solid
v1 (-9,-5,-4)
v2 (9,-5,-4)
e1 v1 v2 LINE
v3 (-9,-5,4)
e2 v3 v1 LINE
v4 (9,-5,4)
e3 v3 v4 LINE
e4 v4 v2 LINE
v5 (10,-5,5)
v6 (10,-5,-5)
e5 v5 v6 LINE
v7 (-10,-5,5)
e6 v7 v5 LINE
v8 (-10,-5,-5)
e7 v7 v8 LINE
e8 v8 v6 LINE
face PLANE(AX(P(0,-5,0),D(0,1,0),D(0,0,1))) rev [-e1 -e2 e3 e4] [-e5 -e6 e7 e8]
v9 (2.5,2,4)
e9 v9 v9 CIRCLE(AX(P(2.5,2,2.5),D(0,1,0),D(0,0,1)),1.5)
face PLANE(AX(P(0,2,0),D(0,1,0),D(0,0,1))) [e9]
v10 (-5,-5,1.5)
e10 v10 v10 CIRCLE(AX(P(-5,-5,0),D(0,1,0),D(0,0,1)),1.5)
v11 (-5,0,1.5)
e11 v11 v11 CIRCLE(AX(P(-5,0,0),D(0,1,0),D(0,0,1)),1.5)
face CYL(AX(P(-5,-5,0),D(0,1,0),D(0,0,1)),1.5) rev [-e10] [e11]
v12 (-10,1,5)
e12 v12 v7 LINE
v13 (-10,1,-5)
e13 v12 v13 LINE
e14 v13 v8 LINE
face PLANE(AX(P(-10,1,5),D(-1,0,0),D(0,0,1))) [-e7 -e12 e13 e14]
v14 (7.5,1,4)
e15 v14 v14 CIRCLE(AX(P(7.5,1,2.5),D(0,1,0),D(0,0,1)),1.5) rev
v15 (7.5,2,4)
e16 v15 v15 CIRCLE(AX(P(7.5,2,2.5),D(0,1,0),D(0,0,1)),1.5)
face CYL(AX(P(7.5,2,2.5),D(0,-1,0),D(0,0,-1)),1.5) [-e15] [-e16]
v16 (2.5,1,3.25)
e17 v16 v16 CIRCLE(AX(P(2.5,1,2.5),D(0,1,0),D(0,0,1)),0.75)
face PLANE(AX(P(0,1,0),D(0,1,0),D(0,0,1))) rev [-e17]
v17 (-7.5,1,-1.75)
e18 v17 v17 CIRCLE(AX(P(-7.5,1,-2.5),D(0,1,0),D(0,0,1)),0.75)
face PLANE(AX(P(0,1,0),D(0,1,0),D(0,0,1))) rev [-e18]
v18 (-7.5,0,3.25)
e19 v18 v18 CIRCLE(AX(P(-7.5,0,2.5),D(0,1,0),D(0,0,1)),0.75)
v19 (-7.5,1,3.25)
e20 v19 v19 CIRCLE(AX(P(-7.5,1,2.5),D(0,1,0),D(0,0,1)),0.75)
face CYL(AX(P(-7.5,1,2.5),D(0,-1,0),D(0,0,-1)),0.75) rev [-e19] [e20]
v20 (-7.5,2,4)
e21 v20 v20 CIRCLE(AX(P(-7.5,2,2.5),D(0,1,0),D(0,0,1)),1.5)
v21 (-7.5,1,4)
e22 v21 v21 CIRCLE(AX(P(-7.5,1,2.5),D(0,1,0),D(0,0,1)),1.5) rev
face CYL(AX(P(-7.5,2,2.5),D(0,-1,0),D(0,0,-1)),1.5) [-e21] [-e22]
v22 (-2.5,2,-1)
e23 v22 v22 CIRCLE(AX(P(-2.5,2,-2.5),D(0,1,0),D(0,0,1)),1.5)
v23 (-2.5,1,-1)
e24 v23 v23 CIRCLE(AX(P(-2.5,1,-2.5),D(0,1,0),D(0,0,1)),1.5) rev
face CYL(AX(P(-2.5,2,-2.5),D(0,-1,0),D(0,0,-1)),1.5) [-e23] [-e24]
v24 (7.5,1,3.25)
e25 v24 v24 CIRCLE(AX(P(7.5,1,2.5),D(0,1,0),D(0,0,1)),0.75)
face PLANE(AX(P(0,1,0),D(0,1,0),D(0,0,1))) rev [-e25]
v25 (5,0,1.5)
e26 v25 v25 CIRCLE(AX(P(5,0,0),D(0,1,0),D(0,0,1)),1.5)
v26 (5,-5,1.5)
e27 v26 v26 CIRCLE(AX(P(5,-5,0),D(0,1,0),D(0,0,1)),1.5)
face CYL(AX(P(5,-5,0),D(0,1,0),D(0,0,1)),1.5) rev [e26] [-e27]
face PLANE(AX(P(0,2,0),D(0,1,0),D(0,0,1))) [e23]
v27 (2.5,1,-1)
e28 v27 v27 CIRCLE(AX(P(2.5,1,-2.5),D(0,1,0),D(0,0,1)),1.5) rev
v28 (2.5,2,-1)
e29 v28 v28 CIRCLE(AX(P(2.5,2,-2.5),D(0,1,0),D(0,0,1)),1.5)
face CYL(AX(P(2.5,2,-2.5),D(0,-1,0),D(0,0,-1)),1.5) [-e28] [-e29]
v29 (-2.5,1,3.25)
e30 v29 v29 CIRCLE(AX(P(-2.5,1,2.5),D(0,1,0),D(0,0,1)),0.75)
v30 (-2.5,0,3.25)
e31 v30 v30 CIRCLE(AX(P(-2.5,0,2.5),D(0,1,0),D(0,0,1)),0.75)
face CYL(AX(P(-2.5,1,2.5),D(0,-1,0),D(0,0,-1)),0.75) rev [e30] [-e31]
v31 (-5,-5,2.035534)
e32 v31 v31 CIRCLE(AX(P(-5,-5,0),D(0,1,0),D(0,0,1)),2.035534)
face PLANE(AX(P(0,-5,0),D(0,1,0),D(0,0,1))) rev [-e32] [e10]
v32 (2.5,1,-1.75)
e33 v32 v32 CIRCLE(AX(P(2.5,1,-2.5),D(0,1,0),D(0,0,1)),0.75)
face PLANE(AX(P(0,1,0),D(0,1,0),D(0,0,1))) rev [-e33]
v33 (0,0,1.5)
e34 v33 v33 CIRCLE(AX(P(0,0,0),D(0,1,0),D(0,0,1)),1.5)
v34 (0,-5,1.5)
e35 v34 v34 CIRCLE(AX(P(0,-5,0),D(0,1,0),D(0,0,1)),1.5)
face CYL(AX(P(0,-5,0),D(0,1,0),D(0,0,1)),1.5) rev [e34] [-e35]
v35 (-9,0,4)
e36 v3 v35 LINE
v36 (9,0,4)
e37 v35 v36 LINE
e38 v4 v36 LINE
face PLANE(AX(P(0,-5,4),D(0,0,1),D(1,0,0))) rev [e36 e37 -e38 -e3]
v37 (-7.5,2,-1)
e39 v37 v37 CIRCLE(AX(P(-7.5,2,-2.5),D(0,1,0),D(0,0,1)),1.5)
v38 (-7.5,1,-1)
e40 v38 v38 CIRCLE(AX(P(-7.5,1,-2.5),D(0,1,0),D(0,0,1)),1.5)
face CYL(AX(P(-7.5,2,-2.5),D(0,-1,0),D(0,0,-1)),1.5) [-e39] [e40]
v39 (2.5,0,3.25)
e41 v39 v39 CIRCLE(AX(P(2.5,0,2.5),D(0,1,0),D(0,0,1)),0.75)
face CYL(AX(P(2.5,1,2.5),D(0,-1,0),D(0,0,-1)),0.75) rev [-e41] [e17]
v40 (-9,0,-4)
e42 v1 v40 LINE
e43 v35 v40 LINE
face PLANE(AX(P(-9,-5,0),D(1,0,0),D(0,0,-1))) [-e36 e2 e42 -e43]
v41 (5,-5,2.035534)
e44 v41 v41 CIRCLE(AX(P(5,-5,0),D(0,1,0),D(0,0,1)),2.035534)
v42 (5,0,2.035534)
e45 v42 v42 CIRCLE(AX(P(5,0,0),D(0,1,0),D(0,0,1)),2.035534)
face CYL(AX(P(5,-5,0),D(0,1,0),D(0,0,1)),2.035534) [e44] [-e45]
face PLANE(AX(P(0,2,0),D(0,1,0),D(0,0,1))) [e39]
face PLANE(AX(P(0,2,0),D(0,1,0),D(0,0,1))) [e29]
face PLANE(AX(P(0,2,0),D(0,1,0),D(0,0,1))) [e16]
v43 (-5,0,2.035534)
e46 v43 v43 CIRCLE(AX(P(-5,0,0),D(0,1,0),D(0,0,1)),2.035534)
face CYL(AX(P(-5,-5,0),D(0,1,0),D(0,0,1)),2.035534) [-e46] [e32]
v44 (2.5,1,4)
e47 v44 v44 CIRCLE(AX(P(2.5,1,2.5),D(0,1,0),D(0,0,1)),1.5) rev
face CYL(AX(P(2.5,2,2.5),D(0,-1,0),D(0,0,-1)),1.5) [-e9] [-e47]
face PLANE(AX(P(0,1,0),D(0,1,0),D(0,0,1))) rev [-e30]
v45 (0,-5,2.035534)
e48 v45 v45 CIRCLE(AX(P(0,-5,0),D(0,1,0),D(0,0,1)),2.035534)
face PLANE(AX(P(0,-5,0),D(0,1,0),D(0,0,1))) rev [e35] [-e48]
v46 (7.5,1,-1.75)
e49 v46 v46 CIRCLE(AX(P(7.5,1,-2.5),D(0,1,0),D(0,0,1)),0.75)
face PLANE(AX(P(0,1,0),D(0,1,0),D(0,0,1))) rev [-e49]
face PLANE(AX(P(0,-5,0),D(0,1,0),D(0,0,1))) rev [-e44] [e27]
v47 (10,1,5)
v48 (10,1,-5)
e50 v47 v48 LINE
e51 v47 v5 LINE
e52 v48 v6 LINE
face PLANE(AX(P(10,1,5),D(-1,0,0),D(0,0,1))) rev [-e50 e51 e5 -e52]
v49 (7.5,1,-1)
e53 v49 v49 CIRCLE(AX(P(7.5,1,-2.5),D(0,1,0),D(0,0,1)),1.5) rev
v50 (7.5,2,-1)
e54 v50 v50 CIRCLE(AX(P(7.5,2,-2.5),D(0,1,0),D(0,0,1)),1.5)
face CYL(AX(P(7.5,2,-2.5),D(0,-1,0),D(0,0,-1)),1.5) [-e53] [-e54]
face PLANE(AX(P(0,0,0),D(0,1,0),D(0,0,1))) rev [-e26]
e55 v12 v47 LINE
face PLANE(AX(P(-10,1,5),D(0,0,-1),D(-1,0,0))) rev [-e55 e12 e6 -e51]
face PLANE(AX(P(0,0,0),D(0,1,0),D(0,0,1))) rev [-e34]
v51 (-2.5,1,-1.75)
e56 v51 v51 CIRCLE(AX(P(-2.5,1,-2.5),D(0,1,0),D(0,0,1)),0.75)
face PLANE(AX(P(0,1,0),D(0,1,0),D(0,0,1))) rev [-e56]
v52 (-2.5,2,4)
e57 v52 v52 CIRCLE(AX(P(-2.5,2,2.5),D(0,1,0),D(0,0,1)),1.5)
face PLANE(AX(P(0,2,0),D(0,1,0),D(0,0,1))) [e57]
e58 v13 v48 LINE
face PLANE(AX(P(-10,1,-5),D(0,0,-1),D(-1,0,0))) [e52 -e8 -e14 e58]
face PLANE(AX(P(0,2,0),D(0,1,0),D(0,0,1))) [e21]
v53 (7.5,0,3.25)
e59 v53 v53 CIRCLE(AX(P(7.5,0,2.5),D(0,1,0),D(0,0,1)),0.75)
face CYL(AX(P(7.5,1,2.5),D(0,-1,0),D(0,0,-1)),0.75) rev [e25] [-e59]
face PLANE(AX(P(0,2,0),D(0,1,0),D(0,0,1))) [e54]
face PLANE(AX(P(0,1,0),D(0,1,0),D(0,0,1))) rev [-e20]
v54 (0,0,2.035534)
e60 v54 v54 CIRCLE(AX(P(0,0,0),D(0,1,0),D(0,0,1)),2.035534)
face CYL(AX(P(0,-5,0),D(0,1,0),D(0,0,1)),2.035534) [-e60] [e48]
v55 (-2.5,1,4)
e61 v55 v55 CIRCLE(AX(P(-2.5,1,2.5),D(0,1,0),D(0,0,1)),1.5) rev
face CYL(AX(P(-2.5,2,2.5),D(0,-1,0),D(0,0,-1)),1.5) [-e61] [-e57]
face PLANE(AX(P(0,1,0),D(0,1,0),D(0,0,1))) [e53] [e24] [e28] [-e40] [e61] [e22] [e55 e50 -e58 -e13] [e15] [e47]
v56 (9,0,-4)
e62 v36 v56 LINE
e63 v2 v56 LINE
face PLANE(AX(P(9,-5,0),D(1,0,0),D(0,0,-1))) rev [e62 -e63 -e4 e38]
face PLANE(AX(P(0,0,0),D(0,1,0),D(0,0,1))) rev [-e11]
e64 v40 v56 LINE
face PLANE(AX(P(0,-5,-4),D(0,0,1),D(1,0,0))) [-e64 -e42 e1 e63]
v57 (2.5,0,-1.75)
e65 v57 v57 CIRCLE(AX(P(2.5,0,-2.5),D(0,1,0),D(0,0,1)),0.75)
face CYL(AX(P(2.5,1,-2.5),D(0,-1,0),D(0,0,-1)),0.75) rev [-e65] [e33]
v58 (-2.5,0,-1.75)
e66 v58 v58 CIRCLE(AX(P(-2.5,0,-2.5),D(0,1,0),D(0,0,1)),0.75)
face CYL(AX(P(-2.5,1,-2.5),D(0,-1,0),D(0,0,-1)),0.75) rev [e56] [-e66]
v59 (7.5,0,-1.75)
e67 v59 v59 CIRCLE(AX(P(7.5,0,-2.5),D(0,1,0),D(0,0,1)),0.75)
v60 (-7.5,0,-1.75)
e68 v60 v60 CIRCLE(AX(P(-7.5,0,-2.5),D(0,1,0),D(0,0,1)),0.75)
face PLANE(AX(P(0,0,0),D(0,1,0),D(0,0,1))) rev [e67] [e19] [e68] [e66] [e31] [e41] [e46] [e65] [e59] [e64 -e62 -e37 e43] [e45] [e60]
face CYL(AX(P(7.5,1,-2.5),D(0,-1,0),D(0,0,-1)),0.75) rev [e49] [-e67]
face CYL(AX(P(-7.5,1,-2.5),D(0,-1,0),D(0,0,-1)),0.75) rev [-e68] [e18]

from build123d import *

# Parameters (mm, degrees)
SKETCH1_R             = 1.5
BOSS_EXTRUDE1_DEPTH   = 2
BOSS_EXTRUDE1_2_DEPTH = 2
BOSS_EXTRUDE1_3_DEPTH = 2
BOSS_EXTRUDE1_4_DEPTH = 2
BOSS_EXTRUDE1_5_DEPTH = 2
BOSS_EXTRUDE1_6_DEPTH = 2
BOSS_EXTRUDE1_7_DEPTH = 2
BOSS_EXTRUDE1_8_DEPTH = 2
SKETCH1_3_W           = 20
SKETCH1_3_H           = 10
BOSS_EXTRUDE2_DEPTH   = 1
SKETCH1_4_R           = 0.75
CUT_EXTRUDE1_DEPTH    = 1
SKETCH1_5_W           = 20
SKETCH1_5_H           = 10
SKETCH1_5_W_2         = 18
SKETCH1_5_H_2         = 8
SKETCH1_5_R           = 2.035533906
SKETCH1_5_R_2         = 1.5
BOSS_EXTRUDE3_DEPTH   = 5


with BuildPart() as part:
    # Sketch1 → Boss-Extrude1 (new body)
    with BuildSketch(Plane(origin=(0, 0, 0), x_dir=(1, 0, 0), z_dir=(0, 1, 0))):
        with Locations((-7.5, -2.5)):
            Circle(SKETCH1_R)
    extrude(amount=BOSS_EXTRUDE1_DEPTH)



with BuildPart() as body_2:
    # Sketch1 → Boss-Extrude1 2 (new body)
    with BuildSketch(Plane(origin=(0, 0, 0), x_dir=(1, 0, 0), z_dir=(0, 1, 0))):
        with Locations((-2.5, -2.5)):
            Circle(SKETCH1_R)
    extrude(amount=BOSS_EXTRUDE1_2_DEPTH)


with BuildPart() as body_3:
    # Sketch1 → Boss-Extrude1 3 (new body)
    with BuildSketch(Plane(origin=(0, 0, 0), x_dir=(1, 0, 0), z_dir=(0, 1, 0))):
        with Locations((-7.5, 2.5)):
            Circle(SKETCH1_R)
    extrude(amount=BOSS_EXTRUDE1_3_DEPTH)


with BuildPart() as body_4:
    # Sketch1 → Boss-Extrude1 4 (new body)
    with BuildSketch(Plane(origin=(0, 0, 0), x_dir=(1, 0, 0), z_dir=(0, 1, 0))):
        with Locations((2.5, -2.5)):
            Circle(SKETCH1_R)
    extrude(amount=BOSS_EXTRUDE1_4_DEPTH)


with BuildPart() as body_5:
    # Sketch1 → Boss-Extrude1 5 (new body)
    with BuildSketch(Plane(origin=(0, 0, 0), x_dir=(1, 0, 0), z_dir=(0, 1, 0))):
        with Locations((7.5, -2.5)):
            Circle(SKETCH1_R)
    extrude(amount=BOSS_EXTRUDE1_5_DEPTH)


with BuildPart() as body_6:
    # Sketch1 → Boss-Extrude1 6 (new body)
    with BuildSketch(Plane(origin=(0, 0, 0), x_dir=(1, 0, 0), z_dir=(0, 1, 0))):
        with Locations((-2.5, 2.5)):
            Circle(SKETCH1_R)
    extrude(amount=BOSS_EXTRUDE1_6_DEPTH)


with BuildPart() as body_7:
    # Sketch1 → Boss-Extrude1 7 (new body)
    with BuildSketch(Plane(origin=(0, 0, 0), x_dir=(1, 0, 0), z_dir=(0, 1, 0))):
        with Locations((2.5, 2.5)):
            Circle(SKETCH1_R)
    extrude(amount=BOSS_EXTRUDE1_7_DEPTH)


with BuildPart() as body_8:
    # Sketch1 → Boss-Extrude1 8 (new body)
    with BuildSketch(Plane(origin=(0, 0, 0), x_dir=(1, 0, 0), z_dir=(0, 1, 0))):
        with Locations((7.5, 2.5)):
            Circle(SKETCH1_R)
    extrude(amount=BOSS_EXTRUDE1_8_DEPTH)


with BuildPart() as part_1:
    add(part.part)

    add(body_2.part)  # Boss-Extrude2 merges body 2

    add(body_3.part)  # Boss-Extrude2 merges body 3

    add(body_4.part)  # Boss-Extrude2 merges body 4

    add(body_5.part)  # Boss-Extrude2 merges body 5

    add(body_6.part)  # Boss-Extrude2 merges body 6

    add(body_7.part)  # Boss-Extrude2 merges body 7

    add(body_8.part)  # Boss-Extrude2 merges body 8
    # Sketch1<3> → Boss-Extrude2 (add)
    with BuildSketch(Plane(origin=(0, 0, 0), x_dir=(1, 0, 0), z_dir=(0, 1, 0))):
        Rectangle(SKETCH1_3_W, SKETCH1_3_H)
    extrude(amount=BOSS_EXTRUDE2_DEPTH)

    # Sketch1<4> → Cut-Extrude1 (cut)
    with BuildSketch(Plane(origin=(0, 0, 0), x_dir=(1, 0, 0), z_dir=(0, 1, 0))):
        with Locations((-7.5, 2.5)):
            Circle(SKETCH1_4_R)
        with Locations((-2.5, 2.5)):
            Circle(SKETCH1_4_R)
        with Locations((2.5, 2.5)):
            Circle(SKETCH1_4_R)
        with Locations((7.5, 2.5)):
            Circle(SKETCH1_4_R)
        with Locations((-2.5, -2.5)):
            Circle(SKETCH1_4_R)
        with Locations((2.5, -2.5)):
            Circle(SKETCH1_4_R)
        with Locations((7.5, -2.5)):
            Circle(SKETCH1_4_R)
        with Locations((-7.5, -2.5)):
            Circle(SKETCH1_4_R)
    extrude(amount=CUT_EXTRUDE1_DEPTH, mode=Mode.SUBTRACT)

    # Sketch1<5> → Boss-Extrude3 (add)
    # profile 1 of 4: a face of its own
    with BuildSketch(Plane(origin=(0, 0, 0), x_dir=(1, 0, 0), z_dir=(0, 1, 0))):
        Rectangle(SKETCH1_5_W, SKETCH1_5_H)
        Rectangle(SKETCH1_5_W_2, SKETCH1_5_H_2, mode=Mode.SUBTRACT)
    # profile 2 of 4: a face of its own
    with BuildSketch(Plane(origin=(0, 0, 0), x_dir=(1, 0, 0), z_dir=(0, 1, 0))):
        with Locations((-5, 0)):
            Circle(SKETCH1_5_R)
        with Locations((-5, 0)):
            Circle(SKETCH1_5_R_2, mode=Mode.SUBTRACT)
    # profile 3 of 4: a face of its own
    with BuildSketch(Plane(origin=(0, 0, 0), x_dir=(1, 0, 0), z_dir=(0, 1, 0))):
        Circle(SKETCH1_5_R)
        Circle(SKETCH1_5_R_2, mode=Mode.SUBTRACT)
    # profile 4 of 4: a face of its own
    with BuildSketch(Plane(origin=(0, 0, 0), x_dir=(1, 0, 0), z_dir=(0, 1, 0))):
        with Locations((5, 0)):
            Circle(SKETCH1_5_R)
        with Locations((5, 0)):
            Circle(SKETCH1_5_R_2, mode=Mode.SUBTRACT)
    extrude(amount=-BOSS_EXTRUDE3_DEPTH)


solid = part_1.part
